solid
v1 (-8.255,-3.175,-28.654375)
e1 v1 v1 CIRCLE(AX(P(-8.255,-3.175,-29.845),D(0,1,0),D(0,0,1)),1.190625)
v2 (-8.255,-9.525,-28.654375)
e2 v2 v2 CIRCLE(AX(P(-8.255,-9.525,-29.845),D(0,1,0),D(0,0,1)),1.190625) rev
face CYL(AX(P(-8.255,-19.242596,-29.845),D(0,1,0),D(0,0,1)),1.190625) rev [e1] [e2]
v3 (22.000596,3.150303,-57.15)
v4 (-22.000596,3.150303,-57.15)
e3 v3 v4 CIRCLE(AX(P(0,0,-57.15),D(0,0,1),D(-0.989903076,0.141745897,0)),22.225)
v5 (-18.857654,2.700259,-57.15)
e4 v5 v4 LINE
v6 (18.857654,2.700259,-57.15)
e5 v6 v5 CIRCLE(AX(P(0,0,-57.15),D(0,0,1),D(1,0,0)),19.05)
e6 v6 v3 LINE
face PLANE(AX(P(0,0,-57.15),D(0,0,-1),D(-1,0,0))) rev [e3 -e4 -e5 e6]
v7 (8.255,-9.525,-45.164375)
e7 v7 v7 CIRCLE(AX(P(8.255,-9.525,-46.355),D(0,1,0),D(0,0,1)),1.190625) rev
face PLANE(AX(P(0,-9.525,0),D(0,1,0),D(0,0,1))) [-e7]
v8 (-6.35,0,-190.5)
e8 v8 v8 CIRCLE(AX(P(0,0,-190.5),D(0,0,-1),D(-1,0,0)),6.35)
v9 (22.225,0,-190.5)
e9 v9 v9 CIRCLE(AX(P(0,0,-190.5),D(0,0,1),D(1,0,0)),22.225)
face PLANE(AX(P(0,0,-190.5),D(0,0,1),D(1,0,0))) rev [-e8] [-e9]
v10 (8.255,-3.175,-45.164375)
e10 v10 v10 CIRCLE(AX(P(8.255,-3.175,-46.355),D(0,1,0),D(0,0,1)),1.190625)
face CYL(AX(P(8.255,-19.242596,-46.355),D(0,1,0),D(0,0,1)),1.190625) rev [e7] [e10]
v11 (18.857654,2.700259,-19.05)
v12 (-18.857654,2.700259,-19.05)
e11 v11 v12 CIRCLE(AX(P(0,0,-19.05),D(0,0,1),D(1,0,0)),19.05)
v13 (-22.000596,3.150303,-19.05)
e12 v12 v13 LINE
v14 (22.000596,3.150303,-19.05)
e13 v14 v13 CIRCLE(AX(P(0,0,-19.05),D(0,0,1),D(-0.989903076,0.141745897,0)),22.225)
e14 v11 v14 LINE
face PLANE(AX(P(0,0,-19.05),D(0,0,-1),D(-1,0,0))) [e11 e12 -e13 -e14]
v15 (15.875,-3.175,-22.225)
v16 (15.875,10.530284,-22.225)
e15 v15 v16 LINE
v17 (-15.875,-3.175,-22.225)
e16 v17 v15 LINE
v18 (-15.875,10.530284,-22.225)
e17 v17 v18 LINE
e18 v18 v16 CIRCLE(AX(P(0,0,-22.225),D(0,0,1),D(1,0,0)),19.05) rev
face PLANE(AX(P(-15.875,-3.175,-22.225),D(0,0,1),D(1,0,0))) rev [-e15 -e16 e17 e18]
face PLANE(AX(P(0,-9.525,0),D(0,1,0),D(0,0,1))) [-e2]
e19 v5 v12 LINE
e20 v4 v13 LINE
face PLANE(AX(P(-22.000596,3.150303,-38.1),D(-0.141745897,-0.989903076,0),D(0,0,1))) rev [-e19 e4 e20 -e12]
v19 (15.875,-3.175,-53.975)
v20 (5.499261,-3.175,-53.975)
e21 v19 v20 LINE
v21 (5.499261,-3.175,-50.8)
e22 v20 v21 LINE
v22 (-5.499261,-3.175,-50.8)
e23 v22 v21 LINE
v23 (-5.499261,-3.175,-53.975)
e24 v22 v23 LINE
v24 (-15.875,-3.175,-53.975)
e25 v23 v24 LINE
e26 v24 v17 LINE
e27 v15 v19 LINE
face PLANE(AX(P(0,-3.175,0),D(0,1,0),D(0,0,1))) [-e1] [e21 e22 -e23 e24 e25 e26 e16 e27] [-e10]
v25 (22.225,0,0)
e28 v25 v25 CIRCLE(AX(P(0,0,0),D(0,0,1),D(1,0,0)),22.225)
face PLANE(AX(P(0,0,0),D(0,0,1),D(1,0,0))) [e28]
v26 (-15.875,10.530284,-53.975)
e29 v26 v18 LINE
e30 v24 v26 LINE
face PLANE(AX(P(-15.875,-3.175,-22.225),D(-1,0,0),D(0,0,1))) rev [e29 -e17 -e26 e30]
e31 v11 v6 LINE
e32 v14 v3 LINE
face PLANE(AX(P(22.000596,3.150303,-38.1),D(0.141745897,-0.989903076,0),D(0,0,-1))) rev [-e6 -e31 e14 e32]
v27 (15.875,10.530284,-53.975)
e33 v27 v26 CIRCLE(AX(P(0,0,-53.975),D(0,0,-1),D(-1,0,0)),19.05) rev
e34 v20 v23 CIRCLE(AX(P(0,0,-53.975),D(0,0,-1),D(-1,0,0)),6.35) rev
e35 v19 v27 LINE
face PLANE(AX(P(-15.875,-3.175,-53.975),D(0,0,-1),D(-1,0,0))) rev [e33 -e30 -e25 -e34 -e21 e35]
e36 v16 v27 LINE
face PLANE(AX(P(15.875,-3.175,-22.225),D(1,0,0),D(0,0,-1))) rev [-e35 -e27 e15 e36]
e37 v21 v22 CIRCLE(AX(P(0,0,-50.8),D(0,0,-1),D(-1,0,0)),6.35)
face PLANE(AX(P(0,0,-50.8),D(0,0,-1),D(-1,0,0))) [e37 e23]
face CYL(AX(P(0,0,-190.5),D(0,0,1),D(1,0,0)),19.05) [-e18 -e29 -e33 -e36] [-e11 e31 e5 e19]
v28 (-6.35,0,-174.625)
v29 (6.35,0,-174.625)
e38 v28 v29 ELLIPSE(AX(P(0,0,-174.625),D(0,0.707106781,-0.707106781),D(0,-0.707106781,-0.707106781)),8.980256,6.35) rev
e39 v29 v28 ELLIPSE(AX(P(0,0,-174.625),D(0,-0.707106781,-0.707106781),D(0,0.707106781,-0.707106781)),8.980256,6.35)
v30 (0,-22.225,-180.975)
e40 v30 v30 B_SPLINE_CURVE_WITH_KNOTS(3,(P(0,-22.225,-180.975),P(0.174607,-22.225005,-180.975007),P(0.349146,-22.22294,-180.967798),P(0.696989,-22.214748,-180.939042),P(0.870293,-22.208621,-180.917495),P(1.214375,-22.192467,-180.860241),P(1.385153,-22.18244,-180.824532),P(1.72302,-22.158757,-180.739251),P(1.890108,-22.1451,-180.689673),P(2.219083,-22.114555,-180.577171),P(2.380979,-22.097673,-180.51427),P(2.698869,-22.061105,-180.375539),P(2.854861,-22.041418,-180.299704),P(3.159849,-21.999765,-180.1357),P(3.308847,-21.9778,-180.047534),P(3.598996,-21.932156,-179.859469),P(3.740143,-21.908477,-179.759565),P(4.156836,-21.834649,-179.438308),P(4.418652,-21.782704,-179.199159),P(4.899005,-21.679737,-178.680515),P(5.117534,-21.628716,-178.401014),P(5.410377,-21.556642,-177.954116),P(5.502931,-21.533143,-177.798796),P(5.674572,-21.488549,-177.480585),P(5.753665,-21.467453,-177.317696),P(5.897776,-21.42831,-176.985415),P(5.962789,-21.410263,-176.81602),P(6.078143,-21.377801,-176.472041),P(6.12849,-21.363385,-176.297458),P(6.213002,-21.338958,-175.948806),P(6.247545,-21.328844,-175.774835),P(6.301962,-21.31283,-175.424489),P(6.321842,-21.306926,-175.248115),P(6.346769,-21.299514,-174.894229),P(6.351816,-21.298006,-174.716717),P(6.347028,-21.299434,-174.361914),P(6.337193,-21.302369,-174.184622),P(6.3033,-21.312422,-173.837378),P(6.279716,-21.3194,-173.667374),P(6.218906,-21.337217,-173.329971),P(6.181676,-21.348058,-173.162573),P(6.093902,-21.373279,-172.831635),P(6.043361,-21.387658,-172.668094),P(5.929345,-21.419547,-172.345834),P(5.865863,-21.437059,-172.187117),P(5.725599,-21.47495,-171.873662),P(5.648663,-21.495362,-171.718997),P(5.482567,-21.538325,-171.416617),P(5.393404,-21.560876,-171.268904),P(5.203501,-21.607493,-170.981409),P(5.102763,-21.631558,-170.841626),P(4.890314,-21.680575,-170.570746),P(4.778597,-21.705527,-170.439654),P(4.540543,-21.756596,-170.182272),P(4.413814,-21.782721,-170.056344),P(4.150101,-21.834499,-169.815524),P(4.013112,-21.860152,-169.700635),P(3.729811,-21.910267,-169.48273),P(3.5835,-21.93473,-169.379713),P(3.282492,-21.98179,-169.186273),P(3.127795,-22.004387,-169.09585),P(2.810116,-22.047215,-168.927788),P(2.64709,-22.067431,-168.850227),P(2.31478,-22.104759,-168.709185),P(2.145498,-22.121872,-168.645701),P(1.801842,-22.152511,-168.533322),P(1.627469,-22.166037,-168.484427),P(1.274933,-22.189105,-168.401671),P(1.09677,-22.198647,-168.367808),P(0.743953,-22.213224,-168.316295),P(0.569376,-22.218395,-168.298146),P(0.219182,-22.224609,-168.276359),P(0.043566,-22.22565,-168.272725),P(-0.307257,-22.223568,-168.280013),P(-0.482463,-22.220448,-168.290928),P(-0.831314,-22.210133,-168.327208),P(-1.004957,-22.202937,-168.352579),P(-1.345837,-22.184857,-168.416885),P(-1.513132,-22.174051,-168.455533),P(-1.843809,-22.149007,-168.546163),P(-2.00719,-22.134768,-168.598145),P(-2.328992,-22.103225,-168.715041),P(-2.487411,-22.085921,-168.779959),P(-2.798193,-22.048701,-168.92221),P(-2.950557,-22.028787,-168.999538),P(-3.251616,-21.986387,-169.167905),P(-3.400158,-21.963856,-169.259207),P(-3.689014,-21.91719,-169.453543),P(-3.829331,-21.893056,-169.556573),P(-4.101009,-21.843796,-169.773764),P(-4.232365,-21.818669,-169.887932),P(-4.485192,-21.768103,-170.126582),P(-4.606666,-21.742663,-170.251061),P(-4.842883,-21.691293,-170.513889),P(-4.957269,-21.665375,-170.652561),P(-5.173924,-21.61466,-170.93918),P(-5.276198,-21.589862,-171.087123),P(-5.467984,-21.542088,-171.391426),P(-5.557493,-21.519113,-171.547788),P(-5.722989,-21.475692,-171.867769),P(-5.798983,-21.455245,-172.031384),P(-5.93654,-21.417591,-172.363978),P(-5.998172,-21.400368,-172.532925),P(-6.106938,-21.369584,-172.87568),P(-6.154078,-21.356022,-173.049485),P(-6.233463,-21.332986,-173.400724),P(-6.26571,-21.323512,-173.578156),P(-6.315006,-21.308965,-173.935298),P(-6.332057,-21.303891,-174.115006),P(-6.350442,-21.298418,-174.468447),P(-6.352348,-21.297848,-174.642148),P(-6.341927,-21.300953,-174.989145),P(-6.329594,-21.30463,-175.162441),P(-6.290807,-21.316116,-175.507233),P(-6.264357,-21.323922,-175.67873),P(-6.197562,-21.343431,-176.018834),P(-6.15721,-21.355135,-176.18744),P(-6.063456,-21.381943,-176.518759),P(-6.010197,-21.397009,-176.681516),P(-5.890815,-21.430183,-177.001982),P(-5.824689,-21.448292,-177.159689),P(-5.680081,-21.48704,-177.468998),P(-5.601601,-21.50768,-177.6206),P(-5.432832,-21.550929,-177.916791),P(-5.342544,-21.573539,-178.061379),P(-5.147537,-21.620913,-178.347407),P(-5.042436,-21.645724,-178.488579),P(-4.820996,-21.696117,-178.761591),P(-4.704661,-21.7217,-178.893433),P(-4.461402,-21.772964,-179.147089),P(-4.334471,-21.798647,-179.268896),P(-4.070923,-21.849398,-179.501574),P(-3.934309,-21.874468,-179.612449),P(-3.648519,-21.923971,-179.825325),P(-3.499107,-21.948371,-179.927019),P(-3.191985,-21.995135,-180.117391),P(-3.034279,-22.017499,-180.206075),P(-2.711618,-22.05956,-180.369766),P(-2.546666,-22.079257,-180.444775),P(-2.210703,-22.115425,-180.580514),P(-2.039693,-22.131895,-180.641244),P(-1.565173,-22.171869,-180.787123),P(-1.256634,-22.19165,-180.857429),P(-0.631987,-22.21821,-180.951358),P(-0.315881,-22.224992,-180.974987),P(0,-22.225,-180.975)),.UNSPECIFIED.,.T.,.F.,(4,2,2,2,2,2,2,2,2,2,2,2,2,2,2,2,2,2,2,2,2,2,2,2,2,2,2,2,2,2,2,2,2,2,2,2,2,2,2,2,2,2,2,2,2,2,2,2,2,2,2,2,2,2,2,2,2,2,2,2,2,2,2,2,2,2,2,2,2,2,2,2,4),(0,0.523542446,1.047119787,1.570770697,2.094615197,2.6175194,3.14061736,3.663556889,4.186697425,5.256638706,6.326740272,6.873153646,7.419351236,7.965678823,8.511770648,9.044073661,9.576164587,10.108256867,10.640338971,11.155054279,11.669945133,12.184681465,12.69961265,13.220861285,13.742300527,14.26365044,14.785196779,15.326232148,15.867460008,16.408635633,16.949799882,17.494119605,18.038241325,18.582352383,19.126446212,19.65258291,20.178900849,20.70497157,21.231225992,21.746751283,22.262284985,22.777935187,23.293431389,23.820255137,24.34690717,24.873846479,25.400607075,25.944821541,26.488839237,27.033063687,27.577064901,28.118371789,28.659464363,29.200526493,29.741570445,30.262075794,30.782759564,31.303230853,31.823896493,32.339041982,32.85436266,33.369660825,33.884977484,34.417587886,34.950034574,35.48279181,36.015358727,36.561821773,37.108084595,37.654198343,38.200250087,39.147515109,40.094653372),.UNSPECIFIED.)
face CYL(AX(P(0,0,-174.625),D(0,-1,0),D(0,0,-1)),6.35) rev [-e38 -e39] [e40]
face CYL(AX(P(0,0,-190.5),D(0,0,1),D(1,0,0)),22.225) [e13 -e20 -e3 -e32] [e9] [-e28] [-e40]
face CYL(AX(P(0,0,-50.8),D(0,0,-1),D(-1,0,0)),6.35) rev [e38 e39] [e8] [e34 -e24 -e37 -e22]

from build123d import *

# Parameters (mm, degrees)
SKETCH2_R           = 22.225
BOSS_EXTRUDE1_DEPTH = 190.5
SKETCH3_R           = 6.35
CUT_EXTRUDE1_DEPTH  = 139.7
WRAP1_SECTION_W     = 3.175
WRAP1_SECTION_H     = 38.1
WRAP1_ANGLE         = 163.70222718
SKETCH6_W           = 31.75
SKETCH6_H           = 31.75
CUT_EXTRUDE2_DEPTH  = 25.4
SKETCH7_R           = 1.190625
CUT_EXTRUDE3_DEPTH  = 31.75
SKETCH8_R           = 6.35
CUT_EXTRUDE4_DEPTH  = 22.225


with BuildPart() as part:
    # Sketch2 → Boss-Extrude1 (new body)
    with BuildSketch(Plane.XY):
        Circle(SKETCH2_R)
    extrude(amount=-BOSS_EXTRUDE1_DEPTH)

    # Sketch3 → Cut-Extrude1 (cut)
    with BuildSketch(Plane(origin=(0, 0, -190.5), x_dir=(-1, 0, 0), z_dir=(0, 0, -1))):
        Circle(SKETCH3_R)
    extrude(amount=-CUT_EXTRUDE1_DEPTH, mode=Mode.SUBTRACT)

    # Wrap1 section (on wrap section) → Wrap1 (revolve, cut)
    with BuildSketch(Plane(origin=(0, 0, 0), x_dir=(0.9899030763721239, 0.14174589725634046, 0), z_dir=(0.14174589725634046, -0.9899030763721239, 0))):
        with Locations((20.6375, -38.1)):
            Rectangle(WRAP1_SECTION_W, WRAP1_SECTION_H)
    revolve(axis=Axis((0, 0, 0), (0, 0, 1)), revolution_arc=WRAP1_ANGLE, mode=Mode.SUBTRACT)

    # Sketch6 → Cut-Extrude2 (cut)
    with BuildSketch(Plane(origin=(0, 22.225, 0), x_dir=(1, 0, 0), z_dir=(0, 1, 0))):
        with Locations((0, 38.1)):
            Rectangle(SKETCH6_W, SKETCH6_H)
    extrude(amount=-CUT_EXTRUDE2_DEPTH, mode=Mode.SUBTRACT)

    # Sketch7 → Cut-Extrude3 (cut)
    with BuildSketch(Plane(origin=(0, 22.225, 0), x_dir=(1, 0, 0), z_dir=(0, 1, 0))):
        with Locations(Location((-8.255, 29.845, 0), (0, 0, 270))):
            Circle(SKETCH7_R)
        with Locations(Location((8.255, 46.355, 0), (0, 0, 270))):
            Circle(SKETCH7_R)
    extrude(amount=-CUT_EXTRUDE3_DEPTH, mode=Mode.SUBTRACT)

    # Sketch8 → Cut-Extrude4 (cut)
    with BuildSketch(Plane(origin=(0, -22.225, 0), x_dir=(-1, 0, 0), z_dir=(0, -1, 0))):
        with Locations(Location((0, 174.625, 0), (0, 0, 90))):
            Circle(SKETCH8_R)
    extrude(amount=-CUT_EXTRUDE4_DEPTH, mode=Mode.SUBTRACT)


solid = part.part
